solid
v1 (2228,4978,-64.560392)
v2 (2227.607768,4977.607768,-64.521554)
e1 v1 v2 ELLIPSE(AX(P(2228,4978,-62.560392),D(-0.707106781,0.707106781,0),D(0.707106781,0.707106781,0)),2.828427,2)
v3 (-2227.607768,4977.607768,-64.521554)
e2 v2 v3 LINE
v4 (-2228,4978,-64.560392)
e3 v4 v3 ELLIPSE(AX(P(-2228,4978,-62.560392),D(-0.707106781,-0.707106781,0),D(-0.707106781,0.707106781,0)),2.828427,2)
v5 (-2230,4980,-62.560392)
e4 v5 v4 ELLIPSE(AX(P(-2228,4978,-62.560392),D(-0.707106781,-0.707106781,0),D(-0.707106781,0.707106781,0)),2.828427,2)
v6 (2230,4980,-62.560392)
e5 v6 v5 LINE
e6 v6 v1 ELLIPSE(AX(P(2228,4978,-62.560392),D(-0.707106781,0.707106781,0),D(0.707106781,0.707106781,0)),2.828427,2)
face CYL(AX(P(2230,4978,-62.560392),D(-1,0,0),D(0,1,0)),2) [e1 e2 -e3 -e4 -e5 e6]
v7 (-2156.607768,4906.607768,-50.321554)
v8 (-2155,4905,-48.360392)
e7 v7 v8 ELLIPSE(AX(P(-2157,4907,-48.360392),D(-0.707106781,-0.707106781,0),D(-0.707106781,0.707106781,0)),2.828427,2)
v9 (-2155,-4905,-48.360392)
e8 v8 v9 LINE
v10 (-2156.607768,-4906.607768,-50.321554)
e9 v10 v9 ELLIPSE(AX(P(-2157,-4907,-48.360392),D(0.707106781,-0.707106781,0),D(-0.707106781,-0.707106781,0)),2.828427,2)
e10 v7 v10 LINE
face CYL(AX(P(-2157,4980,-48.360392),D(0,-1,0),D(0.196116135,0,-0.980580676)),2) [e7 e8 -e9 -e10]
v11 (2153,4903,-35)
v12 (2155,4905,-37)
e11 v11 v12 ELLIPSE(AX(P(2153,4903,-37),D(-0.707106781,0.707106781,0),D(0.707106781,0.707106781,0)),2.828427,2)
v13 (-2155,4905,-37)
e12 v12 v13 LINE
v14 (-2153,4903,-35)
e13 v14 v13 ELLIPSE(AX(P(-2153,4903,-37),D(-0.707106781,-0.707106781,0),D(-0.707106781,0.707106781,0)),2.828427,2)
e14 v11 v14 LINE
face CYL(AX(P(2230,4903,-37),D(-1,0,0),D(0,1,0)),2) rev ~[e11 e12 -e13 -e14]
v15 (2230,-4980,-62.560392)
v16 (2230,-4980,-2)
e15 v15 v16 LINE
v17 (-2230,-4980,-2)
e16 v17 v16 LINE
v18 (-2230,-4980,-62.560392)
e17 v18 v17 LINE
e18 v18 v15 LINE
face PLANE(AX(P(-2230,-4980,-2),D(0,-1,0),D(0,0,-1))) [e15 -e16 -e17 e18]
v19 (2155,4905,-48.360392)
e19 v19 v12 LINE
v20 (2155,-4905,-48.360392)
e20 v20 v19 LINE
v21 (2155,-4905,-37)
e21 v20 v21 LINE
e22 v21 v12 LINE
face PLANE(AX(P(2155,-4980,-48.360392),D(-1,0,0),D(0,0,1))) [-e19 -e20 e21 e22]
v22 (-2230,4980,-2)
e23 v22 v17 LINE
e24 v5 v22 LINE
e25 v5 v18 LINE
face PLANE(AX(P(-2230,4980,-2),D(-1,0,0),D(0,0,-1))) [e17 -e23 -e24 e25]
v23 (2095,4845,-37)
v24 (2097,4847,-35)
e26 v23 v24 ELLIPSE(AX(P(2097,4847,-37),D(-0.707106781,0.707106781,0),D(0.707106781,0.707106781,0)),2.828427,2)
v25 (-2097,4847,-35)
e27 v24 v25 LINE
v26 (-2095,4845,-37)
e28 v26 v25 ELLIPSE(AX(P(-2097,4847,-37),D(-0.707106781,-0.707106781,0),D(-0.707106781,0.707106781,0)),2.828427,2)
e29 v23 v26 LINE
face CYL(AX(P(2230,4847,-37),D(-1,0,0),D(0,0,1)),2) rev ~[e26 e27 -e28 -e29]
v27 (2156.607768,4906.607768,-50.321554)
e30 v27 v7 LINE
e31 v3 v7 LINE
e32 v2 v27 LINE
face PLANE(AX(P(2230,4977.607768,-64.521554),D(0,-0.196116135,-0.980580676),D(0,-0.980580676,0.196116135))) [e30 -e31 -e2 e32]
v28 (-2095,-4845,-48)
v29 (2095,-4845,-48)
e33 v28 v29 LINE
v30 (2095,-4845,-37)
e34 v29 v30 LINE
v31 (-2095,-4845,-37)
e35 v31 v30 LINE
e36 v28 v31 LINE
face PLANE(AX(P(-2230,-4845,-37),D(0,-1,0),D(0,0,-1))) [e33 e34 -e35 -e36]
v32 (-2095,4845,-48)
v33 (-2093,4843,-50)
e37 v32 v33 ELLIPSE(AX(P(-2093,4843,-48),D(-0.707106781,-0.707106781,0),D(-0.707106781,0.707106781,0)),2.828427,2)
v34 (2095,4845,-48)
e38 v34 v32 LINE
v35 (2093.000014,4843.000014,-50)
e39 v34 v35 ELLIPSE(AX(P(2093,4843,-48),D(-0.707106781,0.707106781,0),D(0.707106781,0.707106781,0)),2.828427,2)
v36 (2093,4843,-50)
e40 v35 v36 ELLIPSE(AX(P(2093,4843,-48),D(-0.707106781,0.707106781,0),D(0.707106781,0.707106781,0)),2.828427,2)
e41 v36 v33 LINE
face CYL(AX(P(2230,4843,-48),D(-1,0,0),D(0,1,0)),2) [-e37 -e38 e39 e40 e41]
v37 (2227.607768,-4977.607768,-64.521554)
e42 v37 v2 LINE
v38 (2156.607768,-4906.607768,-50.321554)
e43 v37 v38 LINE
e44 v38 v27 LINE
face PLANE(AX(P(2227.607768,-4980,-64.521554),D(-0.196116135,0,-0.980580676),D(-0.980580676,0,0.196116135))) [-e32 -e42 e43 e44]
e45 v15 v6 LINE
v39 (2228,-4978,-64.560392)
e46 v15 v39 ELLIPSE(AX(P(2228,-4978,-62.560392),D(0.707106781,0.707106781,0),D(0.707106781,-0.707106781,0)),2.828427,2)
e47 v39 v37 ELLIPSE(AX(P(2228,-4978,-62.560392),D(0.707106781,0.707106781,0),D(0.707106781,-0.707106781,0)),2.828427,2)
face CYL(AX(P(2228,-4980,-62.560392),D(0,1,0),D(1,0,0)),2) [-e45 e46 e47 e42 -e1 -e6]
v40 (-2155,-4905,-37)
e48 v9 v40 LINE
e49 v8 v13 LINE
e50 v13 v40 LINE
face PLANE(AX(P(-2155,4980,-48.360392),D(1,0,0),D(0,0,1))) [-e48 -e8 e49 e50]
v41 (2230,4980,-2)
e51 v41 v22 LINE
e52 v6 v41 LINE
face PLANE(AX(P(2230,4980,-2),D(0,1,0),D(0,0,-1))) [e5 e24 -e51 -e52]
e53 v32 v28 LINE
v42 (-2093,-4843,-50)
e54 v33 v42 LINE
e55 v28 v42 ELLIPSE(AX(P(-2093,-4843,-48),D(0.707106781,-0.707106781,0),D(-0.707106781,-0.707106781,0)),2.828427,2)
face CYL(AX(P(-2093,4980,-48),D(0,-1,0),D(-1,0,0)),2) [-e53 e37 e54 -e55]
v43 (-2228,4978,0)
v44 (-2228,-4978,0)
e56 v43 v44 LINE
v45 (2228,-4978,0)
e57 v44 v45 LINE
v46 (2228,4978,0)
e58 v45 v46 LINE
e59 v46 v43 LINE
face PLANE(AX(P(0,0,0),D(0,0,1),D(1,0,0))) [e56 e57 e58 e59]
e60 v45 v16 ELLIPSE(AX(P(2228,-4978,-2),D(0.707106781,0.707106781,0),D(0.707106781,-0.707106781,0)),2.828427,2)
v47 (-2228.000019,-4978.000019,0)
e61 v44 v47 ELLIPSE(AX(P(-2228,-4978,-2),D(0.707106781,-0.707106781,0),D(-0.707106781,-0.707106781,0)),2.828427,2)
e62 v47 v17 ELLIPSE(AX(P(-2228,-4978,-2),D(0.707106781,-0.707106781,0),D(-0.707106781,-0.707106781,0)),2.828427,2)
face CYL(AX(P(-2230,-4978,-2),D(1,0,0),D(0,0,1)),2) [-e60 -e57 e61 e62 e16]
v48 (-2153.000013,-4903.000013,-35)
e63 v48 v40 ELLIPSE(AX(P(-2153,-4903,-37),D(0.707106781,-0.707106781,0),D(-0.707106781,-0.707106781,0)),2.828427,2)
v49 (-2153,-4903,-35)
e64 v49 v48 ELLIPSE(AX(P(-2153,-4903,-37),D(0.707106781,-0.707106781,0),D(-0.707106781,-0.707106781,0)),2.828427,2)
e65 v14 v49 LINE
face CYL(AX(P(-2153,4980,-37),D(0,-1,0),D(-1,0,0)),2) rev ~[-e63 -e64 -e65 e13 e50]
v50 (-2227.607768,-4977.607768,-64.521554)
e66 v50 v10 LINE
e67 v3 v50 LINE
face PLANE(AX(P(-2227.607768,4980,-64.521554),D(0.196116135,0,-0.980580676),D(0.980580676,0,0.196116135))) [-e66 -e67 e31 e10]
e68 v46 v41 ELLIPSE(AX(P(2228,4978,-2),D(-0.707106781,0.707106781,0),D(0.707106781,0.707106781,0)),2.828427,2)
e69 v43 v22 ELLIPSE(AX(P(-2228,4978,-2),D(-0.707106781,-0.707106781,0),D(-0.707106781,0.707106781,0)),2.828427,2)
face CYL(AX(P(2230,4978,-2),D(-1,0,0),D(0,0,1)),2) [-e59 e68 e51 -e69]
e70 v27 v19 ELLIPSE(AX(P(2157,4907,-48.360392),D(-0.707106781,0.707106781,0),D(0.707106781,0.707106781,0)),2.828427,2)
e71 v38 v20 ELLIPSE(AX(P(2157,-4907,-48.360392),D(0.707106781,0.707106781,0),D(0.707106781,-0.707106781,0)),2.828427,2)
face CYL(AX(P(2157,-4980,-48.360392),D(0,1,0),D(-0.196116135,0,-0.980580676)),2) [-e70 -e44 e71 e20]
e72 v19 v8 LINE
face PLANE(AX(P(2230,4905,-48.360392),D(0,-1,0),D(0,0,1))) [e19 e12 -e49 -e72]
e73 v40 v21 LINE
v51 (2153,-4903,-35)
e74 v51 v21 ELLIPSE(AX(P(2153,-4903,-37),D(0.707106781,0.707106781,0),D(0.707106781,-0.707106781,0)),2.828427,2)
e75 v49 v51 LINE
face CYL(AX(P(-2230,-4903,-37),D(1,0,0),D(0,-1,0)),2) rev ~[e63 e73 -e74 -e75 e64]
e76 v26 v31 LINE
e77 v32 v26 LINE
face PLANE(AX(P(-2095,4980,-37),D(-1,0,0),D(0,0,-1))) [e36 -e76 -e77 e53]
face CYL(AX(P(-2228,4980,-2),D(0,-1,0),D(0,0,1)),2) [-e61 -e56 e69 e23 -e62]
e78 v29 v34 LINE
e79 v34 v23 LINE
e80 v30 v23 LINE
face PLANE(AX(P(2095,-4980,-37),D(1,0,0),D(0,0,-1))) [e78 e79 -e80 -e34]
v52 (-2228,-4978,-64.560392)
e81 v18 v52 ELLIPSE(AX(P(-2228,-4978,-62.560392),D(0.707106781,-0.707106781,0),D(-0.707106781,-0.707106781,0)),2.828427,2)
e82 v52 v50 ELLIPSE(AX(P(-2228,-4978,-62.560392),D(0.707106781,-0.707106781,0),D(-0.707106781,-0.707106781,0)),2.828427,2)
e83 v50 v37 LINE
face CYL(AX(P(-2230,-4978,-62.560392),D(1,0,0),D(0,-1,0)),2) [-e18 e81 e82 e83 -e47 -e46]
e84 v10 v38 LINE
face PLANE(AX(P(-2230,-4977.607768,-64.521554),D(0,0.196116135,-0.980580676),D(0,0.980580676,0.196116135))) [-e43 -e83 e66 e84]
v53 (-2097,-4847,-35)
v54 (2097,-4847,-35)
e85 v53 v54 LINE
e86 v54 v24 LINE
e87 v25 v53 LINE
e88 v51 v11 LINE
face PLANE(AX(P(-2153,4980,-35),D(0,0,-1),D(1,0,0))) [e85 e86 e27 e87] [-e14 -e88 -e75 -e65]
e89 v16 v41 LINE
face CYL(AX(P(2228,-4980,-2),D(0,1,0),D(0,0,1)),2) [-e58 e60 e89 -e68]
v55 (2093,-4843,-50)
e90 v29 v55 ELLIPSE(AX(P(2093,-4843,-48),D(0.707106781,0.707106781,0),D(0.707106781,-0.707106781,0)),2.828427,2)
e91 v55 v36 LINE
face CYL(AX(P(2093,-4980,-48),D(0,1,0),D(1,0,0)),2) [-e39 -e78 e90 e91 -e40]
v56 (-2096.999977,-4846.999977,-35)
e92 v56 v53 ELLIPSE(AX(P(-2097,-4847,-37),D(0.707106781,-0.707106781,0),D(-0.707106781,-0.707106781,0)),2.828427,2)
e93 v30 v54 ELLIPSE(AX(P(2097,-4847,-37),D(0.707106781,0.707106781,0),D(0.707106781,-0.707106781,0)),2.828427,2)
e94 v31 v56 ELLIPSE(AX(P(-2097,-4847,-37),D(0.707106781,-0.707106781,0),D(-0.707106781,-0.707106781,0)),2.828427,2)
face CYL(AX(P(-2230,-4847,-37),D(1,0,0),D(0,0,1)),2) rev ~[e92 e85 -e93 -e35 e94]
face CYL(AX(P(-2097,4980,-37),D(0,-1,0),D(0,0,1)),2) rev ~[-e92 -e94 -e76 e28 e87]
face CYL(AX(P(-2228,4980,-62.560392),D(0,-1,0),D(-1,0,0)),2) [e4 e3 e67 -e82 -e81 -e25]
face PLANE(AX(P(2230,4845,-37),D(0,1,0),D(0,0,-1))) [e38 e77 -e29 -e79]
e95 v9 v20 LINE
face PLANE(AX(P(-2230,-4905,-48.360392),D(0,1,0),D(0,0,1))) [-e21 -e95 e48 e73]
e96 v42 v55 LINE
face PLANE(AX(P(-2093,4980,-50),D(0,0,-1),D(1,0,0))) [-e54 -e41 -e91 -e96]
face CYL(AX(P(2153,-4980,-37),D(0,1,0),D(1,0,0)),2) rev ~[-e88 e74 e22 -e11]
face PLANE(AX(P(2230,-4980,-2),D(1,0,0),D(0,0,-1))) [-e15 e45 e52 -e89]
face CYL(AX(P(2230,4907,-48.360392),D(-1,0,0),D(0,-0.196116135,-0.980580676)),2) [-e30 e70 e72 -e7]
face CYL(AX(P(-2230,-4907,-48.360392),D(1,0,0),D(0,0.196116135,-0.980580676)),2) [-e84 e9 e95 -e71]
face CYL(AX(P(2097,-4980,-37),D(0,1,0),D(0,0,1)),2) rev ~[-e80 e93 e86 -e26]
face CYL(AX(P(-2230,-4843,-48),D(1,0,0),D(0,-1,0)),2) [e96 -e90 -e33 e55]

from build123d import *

# Parameters (mm, degrees)
F4_W     = 3790
F4_H     = 9290
F5_DEPTH = 50


with BuildPart() as f3:
    # F3: sweep along a path in F0
    with BuildLine(Plane.XY) as f3_path:
        Line((-2230, 4980), (-2230, -4980))
        Line((-2230, -4980), (2230, -4980))
        Line((2230, -4980), (2230, 4980))
        Line((2230, 4980), (-2230, 4980))
    # F2 (on line) → F3 (sweep)
    with BuildSketch(Plane.XZ):
        with BuildLine():
            Line((-1895, 0), (-2228, 0))
            ThreePointArc((-2228, 0), (-2229.4142135624, -0.5857864376), (-2230, -2))
            Line((-2230, -2), (-2230, -62.5603921946))
            ThreePointArc((-2230, -62.5603921946), (-2229.2679778112, -64.1070764772), (-2227.6077677297, -64.5215535459))
            Line((-2227.6077677297, -64.5215535459), (-2156.6077677297, -50.3215535459))
            ThreePointArc((-2156.6077677297, -50.3215535459), (-2155.4533157173, -49.6283700058), (-2155, -48.3603921946))
            Line((-2155, -48.3603921946), (-2155, -37))
            ThreePointArc((-2155, -37), (-2154.4142135624, -35.5857864376), (-2153, -35))
            Line((-2153, -35), (-2097, -35))
            ThreePointArc((-2097, -35), (-2095.5857864376, -35.5857864376), (-2095, -37))
            Line((-2095, -37), (-2095, -48))
            ThreePointArc((-2095, -48), (-2094.4142135624, -49.4142135624), (-2093, -50))
            Line((-2093, -50), (-1895, -50))
            Line((-1895, -50), (-1895, 0))
        make_face()
    sweep(path=f3_path.line, transition=Transition.RIGHT)

    # F4 (on face) → F5 (join)
    with BuildSketch(Plane.XY):
        Rectangle(F4_W, F4_H)
    extrude(amount=-F5_DEPTH)


solid = f3.part
